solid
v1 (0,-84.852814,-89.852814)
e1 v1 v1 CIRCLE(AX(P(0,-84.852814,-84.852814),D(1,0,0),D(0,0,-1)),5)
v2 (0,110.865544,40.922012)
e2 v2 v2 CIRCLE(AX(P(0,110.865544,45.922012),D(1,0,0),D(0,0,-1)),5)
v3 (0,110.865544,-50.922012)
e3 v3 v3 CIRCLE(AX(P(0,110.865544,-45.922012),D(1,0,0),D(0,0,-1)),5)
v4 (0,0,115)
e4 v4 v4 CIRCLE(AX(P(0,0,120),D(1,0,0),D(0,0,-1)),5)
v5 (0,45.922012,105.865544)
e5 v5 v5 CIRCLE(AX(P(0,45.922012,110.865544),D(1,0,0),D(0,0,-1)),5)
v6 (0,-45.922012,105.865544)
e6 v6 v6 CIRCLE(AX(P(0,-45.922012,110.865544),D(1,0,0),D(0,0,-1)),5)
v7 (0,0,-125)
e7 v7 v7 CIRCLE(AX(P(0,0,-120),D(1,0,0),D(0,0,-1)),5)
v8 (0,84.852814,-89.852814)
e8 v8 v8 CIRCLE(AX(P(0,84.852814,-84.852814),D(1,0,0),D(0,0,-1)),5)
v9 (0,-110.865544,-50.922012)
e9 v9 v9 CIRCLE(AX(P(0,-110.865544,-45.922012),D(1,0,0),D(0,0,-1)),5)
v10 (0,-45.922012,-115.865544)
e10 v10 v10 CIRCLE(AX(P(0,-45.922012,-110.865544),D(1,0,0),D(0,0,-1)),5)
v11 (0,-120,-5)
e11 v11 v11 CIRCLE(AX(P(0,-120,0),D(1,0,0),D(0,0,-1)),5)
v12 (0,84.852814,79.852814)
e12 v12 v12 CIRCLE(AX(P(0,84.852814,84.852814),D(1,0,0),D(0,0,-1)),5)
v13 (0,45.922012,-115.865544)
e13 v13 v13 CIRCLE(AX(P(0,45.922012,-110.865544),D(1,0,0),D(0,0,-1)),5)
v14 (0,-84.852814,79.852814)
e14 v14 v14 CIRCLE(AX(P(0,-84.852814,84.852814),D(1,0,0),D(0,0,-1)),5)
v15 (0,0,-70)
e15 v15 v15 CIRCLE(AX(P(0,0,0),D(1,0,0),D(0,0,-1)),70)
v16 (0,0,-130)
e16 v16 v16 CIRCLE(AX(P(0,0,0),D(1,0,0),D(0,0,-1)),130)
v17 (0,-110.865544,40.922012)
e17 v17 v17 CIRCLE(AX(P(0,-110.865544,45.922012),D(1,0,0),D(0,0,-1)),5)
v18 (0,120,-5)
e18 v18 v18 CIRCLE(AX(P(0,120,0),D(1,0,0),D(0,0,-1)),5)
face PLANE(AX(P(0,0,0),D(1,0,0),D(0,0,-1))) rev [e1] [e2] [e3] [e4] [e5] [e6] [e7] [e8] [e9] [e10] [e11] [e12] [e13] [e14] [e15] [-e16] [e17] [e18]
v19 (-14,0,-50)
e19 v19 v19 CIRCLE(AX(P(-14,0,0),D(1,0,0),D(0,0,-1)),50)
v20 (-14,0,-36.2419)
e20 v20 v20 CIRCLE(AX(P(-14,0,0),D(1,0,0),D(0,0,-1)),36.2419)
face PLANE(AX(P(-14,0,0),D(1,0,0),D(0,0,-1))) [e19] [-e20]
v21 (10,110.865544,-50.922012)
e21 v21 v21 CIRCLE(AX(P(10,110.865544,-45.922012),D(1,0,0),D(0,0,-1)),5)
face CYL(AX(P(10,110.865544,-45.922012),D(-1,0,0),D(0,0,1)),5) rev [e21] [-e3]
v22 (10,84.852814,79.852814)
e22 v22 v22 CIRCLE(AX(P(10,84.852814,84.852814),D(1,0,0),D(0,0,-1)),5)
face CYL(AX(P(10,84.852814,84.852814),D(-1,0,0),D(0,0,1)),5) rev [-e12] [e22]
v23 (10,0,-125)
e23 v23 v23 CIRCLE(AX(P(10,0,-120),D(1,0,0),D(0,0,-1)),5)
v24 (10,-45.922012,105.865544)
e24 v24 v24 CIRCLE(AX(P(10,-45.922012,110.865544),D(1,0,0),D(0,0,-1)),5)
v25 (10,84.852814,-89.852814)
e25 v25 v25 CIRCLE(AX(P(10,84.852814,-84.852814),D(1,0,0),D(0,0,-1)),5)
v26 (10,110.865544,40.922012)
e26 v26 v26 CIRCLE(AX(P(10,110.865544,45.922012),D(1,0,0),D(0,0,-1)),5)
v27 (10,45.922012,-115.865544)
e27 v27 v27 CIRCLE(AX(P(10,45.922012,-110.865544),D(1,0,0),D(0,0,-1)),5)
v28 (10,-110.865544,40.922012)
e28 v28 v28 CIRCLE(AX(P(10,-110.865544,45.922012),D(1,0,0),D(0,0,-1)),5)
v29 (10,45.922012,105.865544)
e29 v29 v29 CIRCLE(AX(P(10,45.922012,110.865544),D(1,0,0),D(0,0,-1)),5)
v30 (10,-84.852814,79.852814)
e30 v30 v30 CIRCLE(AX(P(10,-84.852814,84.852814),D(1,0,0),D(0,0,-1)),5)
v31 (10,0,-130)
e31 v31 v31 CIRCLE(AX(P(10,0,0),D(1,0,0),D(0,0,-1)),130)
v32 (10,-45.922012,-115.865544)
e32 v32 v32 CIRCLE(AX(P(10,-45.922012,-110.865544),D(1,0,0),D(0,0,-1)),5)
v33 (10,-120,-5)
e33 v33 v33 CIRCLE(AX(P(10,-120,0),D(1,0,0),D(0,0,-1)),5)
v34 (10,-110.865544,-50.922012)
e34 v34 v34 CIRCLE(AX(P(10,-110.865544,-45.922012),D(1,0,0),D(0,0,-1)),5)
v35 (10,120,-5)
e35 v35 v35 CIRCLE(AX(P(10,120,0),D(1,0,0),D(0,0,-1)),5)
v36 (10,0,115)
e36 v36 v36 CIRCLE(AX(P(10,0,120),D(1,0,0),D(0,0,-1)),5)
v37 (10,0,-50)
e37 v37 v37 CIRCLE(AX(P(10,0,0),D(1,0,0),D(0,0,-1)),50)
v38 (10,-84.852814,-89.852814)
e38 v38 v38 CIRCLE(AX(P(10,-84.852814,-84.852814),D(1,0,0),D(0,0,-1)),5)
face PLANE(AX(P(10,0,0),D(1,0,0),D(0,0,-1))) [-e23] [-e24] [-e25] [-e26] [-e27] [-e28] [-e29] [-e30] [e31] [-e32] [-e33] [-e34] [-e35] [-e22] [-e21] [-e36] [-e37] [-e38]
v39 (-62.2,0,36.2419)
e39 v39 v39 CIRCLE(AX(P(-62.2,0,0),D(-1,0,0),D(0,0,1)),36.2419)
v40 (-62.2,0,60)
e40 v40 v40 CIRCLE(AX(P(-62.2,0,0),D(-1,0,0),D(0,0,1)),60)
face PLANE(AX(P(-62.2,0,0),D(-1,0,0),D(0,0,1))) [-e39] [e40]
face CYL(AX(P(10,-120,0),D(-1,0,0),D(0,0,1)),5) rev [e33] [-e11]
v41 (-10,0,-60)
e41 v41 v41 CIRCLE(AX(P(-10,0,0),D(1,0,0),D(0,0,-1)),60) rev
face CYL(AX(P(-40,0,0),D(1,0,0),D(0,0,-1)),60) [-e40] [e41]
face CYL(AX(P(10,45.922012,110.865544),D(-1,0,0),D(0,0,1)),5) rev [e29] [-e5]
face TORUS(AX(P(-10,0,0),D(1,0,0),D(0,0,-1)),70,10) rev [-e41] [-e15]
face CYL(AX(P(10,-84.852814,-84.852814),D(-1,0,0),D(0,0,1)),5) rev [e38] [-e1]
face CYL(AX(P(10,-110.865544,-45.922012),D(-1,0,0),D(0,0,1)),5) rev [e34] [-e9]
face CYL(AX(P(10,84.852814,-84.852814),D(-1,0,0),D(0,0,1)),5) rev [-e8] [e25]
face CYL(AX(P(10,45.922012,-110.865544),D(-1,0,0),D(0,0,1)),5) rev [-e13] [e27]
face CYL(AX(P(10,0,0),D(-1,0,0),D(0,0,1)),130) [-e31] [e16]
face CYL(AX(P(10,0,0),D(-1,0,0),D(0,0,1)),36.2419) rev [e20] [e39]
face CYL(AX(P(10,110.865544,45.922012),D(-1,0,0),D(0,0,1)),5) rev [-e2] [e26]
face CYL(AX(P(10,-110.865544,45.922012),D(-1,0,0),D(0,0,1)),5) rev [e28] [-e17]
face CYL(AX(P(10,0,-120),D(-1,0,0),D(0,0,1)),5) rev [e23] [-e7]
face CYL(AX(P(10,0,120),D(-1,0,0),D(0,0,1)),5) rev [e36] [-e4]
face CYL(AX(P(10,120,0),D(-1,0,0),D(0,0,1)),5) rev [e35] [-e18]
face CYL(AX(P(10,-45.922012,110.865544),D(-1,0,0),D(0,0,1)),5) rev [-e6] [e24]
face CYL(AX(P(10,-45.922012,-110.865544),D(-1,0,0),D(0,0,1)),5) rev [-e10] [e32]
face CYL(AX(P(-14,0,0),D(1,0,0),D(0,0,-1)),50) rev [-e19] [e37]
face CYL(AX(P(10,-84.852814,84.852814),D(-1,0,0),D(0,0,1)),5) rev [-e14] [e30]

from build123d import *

# Parameters (mm, degrees)
SKETCH1_R           = 130
SKETCH1_R_2         = 5
SKETCH1_R_3         = 36.2419
BOSS_EXTRUDE1_DEPTH = 10
BOSS_EXTRUDE2_START = -50
SKETCH2_R           = 60
SKETCH2_R_2         = 36.2419
BOSS_EXTRUDE2_DEPTH = 50
FILLET1_R           = 10
SKETCH3_R           = 50
CUT_EXTRUDE1_DEPTH  = 24
BOSS_EXTRUDE3_START = 22.2
SKETCH4_R           = 60
SKETCH4_R_2         = 36.2419
BOSS_EXTRUDE3_DEPTH = 22.2


with BuildPart() as part:
    # Sketch1 → Boss-Extrude1 (new body)
    with BuildSketch(Plane(origin=(0, 0, 0), x_dir=(0, 0, -1), z_dir=(1, 0, 0))):
        Circle(SKETCH1_R)
        with Locations((0, 120)):
            Circle(SKETCH1_R_2, mode=Mode.SUBTRACT)
        with Locations((45.922011884, 110.865543901)):
            Circle(SKETCH1_R_2, mode=Mode.SUBTRACT)
        with Locations((84.852813742, 84.852813742)):
            Circle(SKETCH1_R_2, mode=Mode.SUBTRACT)
        with Locations((110.865543901, 45.922011884)):
            Circle(SKETCH1_R_2, mode=Mode.SUBTRACT)
        with Locations((120, 0)):
            Circle(SKETCH1_R_2, mode=Mode.SUBTRACT)
        with Locations((110.865543901, -45.922011884)):
            Circle(SKETCH1_R_2, mode=Mode.SUBTRACT)
        with Locations((84.852813742, -84.852813742)):
            Circle(SKETCH1_R_2, mode=Mode.SUBTRACT)
        with Locations((45.922011884, -110.865543901)):
            Circle(SKETCH1_R_2, mode=Mode.SUBTRACT)
        with Locations((0, -120)):
            Circle(SKETCH1_R_2, mode=Mode.SUBTRACT)
        with Locations((-45.922011884, -110.865543901)):
            Circle(SKETCH1_R_2, mode=Mode.SUBTRACT)
        with Locations((-84.852813742, -84.852813742)):
            Circle(SKETCH1_R_2, mode=Mode.SUBTRACT)
        with Locations((-110.865543901, -45.922011884)):
            Circle(SKETCH1_R_2, mode=Mode.SUBTRACT)
        with Locations((-120, 0)):
            Circle(SKETCH1_R_2, mode=Mode.SUBTRACT)
        with Locations((-110.865543901, 45.922011884)):
            Circle(SKETCH1_R_2, mode=Mode.SUBTRACT)
        with Locations((-84.852813742, 84.852813742)):
            Circle(SKETCH1_R_2, mode=Mode.SUBTRACT)
        with Locations((-45.922011884, 110.865543901)):
            Circle(SKETCH1_R_2, mode=Mode.SUBTRACT)
        Circle(SKETCH1_R_3, mode=Mode.SUBTRACT)
    extrude(amount=BOSS_EXTRUDE1_DEPTH)

    # Sketch2 → Boss-Extrude2 (add)
    with BuildSketch(Plane(origin=(10, 0, 0), x_dir=(0, 0, -1), z_dir=(1, 0, 0)).offset(BOSS_EXTRUDE2_START)):
        Circle(SKETCH2_R)
        Circle(SKETCH2_R_2, mode=Mode.SUBTRACT)
    extrude(amount=BOSS_EXTRUDE2_DEPTH)

    # Fillet1
    fillet1_edges = [part.edges().sort_by_distance(p)[0] for p in [
        (0, 0, 60),
    ]]
    fillet(fillet1_edges, radius=FILLET1_R)

    # Sketch3 → Cut-Extrude1 (cut)
    with BuildSketch(Plane(origin=(10, 0, 0), x_dir=(0, 0, -1), z_dir=(1, 0, 0))):
        Circle(SKETCH3_R)
    extrude(amount=-CUT_EXTRUDE1_DEPTH, mode=Mode.SUBTRACT)

    # Sketch4 → Boss-Extrude3 (add)
    with BuildSketch(Plane.ZY.offset(40).offset(BOSS_EXTRUDE3_START)):
        with Locations(Location((0, 0, 0), (0, 0, 180))):
            Circle(SKETCH4_R)
        Circle(SKETCH4_R_2, mode=Mode.SUBTRACT)
    extrude(amount=-BOSS_EXTRUDE3_DEPTH)


solid = part.part
